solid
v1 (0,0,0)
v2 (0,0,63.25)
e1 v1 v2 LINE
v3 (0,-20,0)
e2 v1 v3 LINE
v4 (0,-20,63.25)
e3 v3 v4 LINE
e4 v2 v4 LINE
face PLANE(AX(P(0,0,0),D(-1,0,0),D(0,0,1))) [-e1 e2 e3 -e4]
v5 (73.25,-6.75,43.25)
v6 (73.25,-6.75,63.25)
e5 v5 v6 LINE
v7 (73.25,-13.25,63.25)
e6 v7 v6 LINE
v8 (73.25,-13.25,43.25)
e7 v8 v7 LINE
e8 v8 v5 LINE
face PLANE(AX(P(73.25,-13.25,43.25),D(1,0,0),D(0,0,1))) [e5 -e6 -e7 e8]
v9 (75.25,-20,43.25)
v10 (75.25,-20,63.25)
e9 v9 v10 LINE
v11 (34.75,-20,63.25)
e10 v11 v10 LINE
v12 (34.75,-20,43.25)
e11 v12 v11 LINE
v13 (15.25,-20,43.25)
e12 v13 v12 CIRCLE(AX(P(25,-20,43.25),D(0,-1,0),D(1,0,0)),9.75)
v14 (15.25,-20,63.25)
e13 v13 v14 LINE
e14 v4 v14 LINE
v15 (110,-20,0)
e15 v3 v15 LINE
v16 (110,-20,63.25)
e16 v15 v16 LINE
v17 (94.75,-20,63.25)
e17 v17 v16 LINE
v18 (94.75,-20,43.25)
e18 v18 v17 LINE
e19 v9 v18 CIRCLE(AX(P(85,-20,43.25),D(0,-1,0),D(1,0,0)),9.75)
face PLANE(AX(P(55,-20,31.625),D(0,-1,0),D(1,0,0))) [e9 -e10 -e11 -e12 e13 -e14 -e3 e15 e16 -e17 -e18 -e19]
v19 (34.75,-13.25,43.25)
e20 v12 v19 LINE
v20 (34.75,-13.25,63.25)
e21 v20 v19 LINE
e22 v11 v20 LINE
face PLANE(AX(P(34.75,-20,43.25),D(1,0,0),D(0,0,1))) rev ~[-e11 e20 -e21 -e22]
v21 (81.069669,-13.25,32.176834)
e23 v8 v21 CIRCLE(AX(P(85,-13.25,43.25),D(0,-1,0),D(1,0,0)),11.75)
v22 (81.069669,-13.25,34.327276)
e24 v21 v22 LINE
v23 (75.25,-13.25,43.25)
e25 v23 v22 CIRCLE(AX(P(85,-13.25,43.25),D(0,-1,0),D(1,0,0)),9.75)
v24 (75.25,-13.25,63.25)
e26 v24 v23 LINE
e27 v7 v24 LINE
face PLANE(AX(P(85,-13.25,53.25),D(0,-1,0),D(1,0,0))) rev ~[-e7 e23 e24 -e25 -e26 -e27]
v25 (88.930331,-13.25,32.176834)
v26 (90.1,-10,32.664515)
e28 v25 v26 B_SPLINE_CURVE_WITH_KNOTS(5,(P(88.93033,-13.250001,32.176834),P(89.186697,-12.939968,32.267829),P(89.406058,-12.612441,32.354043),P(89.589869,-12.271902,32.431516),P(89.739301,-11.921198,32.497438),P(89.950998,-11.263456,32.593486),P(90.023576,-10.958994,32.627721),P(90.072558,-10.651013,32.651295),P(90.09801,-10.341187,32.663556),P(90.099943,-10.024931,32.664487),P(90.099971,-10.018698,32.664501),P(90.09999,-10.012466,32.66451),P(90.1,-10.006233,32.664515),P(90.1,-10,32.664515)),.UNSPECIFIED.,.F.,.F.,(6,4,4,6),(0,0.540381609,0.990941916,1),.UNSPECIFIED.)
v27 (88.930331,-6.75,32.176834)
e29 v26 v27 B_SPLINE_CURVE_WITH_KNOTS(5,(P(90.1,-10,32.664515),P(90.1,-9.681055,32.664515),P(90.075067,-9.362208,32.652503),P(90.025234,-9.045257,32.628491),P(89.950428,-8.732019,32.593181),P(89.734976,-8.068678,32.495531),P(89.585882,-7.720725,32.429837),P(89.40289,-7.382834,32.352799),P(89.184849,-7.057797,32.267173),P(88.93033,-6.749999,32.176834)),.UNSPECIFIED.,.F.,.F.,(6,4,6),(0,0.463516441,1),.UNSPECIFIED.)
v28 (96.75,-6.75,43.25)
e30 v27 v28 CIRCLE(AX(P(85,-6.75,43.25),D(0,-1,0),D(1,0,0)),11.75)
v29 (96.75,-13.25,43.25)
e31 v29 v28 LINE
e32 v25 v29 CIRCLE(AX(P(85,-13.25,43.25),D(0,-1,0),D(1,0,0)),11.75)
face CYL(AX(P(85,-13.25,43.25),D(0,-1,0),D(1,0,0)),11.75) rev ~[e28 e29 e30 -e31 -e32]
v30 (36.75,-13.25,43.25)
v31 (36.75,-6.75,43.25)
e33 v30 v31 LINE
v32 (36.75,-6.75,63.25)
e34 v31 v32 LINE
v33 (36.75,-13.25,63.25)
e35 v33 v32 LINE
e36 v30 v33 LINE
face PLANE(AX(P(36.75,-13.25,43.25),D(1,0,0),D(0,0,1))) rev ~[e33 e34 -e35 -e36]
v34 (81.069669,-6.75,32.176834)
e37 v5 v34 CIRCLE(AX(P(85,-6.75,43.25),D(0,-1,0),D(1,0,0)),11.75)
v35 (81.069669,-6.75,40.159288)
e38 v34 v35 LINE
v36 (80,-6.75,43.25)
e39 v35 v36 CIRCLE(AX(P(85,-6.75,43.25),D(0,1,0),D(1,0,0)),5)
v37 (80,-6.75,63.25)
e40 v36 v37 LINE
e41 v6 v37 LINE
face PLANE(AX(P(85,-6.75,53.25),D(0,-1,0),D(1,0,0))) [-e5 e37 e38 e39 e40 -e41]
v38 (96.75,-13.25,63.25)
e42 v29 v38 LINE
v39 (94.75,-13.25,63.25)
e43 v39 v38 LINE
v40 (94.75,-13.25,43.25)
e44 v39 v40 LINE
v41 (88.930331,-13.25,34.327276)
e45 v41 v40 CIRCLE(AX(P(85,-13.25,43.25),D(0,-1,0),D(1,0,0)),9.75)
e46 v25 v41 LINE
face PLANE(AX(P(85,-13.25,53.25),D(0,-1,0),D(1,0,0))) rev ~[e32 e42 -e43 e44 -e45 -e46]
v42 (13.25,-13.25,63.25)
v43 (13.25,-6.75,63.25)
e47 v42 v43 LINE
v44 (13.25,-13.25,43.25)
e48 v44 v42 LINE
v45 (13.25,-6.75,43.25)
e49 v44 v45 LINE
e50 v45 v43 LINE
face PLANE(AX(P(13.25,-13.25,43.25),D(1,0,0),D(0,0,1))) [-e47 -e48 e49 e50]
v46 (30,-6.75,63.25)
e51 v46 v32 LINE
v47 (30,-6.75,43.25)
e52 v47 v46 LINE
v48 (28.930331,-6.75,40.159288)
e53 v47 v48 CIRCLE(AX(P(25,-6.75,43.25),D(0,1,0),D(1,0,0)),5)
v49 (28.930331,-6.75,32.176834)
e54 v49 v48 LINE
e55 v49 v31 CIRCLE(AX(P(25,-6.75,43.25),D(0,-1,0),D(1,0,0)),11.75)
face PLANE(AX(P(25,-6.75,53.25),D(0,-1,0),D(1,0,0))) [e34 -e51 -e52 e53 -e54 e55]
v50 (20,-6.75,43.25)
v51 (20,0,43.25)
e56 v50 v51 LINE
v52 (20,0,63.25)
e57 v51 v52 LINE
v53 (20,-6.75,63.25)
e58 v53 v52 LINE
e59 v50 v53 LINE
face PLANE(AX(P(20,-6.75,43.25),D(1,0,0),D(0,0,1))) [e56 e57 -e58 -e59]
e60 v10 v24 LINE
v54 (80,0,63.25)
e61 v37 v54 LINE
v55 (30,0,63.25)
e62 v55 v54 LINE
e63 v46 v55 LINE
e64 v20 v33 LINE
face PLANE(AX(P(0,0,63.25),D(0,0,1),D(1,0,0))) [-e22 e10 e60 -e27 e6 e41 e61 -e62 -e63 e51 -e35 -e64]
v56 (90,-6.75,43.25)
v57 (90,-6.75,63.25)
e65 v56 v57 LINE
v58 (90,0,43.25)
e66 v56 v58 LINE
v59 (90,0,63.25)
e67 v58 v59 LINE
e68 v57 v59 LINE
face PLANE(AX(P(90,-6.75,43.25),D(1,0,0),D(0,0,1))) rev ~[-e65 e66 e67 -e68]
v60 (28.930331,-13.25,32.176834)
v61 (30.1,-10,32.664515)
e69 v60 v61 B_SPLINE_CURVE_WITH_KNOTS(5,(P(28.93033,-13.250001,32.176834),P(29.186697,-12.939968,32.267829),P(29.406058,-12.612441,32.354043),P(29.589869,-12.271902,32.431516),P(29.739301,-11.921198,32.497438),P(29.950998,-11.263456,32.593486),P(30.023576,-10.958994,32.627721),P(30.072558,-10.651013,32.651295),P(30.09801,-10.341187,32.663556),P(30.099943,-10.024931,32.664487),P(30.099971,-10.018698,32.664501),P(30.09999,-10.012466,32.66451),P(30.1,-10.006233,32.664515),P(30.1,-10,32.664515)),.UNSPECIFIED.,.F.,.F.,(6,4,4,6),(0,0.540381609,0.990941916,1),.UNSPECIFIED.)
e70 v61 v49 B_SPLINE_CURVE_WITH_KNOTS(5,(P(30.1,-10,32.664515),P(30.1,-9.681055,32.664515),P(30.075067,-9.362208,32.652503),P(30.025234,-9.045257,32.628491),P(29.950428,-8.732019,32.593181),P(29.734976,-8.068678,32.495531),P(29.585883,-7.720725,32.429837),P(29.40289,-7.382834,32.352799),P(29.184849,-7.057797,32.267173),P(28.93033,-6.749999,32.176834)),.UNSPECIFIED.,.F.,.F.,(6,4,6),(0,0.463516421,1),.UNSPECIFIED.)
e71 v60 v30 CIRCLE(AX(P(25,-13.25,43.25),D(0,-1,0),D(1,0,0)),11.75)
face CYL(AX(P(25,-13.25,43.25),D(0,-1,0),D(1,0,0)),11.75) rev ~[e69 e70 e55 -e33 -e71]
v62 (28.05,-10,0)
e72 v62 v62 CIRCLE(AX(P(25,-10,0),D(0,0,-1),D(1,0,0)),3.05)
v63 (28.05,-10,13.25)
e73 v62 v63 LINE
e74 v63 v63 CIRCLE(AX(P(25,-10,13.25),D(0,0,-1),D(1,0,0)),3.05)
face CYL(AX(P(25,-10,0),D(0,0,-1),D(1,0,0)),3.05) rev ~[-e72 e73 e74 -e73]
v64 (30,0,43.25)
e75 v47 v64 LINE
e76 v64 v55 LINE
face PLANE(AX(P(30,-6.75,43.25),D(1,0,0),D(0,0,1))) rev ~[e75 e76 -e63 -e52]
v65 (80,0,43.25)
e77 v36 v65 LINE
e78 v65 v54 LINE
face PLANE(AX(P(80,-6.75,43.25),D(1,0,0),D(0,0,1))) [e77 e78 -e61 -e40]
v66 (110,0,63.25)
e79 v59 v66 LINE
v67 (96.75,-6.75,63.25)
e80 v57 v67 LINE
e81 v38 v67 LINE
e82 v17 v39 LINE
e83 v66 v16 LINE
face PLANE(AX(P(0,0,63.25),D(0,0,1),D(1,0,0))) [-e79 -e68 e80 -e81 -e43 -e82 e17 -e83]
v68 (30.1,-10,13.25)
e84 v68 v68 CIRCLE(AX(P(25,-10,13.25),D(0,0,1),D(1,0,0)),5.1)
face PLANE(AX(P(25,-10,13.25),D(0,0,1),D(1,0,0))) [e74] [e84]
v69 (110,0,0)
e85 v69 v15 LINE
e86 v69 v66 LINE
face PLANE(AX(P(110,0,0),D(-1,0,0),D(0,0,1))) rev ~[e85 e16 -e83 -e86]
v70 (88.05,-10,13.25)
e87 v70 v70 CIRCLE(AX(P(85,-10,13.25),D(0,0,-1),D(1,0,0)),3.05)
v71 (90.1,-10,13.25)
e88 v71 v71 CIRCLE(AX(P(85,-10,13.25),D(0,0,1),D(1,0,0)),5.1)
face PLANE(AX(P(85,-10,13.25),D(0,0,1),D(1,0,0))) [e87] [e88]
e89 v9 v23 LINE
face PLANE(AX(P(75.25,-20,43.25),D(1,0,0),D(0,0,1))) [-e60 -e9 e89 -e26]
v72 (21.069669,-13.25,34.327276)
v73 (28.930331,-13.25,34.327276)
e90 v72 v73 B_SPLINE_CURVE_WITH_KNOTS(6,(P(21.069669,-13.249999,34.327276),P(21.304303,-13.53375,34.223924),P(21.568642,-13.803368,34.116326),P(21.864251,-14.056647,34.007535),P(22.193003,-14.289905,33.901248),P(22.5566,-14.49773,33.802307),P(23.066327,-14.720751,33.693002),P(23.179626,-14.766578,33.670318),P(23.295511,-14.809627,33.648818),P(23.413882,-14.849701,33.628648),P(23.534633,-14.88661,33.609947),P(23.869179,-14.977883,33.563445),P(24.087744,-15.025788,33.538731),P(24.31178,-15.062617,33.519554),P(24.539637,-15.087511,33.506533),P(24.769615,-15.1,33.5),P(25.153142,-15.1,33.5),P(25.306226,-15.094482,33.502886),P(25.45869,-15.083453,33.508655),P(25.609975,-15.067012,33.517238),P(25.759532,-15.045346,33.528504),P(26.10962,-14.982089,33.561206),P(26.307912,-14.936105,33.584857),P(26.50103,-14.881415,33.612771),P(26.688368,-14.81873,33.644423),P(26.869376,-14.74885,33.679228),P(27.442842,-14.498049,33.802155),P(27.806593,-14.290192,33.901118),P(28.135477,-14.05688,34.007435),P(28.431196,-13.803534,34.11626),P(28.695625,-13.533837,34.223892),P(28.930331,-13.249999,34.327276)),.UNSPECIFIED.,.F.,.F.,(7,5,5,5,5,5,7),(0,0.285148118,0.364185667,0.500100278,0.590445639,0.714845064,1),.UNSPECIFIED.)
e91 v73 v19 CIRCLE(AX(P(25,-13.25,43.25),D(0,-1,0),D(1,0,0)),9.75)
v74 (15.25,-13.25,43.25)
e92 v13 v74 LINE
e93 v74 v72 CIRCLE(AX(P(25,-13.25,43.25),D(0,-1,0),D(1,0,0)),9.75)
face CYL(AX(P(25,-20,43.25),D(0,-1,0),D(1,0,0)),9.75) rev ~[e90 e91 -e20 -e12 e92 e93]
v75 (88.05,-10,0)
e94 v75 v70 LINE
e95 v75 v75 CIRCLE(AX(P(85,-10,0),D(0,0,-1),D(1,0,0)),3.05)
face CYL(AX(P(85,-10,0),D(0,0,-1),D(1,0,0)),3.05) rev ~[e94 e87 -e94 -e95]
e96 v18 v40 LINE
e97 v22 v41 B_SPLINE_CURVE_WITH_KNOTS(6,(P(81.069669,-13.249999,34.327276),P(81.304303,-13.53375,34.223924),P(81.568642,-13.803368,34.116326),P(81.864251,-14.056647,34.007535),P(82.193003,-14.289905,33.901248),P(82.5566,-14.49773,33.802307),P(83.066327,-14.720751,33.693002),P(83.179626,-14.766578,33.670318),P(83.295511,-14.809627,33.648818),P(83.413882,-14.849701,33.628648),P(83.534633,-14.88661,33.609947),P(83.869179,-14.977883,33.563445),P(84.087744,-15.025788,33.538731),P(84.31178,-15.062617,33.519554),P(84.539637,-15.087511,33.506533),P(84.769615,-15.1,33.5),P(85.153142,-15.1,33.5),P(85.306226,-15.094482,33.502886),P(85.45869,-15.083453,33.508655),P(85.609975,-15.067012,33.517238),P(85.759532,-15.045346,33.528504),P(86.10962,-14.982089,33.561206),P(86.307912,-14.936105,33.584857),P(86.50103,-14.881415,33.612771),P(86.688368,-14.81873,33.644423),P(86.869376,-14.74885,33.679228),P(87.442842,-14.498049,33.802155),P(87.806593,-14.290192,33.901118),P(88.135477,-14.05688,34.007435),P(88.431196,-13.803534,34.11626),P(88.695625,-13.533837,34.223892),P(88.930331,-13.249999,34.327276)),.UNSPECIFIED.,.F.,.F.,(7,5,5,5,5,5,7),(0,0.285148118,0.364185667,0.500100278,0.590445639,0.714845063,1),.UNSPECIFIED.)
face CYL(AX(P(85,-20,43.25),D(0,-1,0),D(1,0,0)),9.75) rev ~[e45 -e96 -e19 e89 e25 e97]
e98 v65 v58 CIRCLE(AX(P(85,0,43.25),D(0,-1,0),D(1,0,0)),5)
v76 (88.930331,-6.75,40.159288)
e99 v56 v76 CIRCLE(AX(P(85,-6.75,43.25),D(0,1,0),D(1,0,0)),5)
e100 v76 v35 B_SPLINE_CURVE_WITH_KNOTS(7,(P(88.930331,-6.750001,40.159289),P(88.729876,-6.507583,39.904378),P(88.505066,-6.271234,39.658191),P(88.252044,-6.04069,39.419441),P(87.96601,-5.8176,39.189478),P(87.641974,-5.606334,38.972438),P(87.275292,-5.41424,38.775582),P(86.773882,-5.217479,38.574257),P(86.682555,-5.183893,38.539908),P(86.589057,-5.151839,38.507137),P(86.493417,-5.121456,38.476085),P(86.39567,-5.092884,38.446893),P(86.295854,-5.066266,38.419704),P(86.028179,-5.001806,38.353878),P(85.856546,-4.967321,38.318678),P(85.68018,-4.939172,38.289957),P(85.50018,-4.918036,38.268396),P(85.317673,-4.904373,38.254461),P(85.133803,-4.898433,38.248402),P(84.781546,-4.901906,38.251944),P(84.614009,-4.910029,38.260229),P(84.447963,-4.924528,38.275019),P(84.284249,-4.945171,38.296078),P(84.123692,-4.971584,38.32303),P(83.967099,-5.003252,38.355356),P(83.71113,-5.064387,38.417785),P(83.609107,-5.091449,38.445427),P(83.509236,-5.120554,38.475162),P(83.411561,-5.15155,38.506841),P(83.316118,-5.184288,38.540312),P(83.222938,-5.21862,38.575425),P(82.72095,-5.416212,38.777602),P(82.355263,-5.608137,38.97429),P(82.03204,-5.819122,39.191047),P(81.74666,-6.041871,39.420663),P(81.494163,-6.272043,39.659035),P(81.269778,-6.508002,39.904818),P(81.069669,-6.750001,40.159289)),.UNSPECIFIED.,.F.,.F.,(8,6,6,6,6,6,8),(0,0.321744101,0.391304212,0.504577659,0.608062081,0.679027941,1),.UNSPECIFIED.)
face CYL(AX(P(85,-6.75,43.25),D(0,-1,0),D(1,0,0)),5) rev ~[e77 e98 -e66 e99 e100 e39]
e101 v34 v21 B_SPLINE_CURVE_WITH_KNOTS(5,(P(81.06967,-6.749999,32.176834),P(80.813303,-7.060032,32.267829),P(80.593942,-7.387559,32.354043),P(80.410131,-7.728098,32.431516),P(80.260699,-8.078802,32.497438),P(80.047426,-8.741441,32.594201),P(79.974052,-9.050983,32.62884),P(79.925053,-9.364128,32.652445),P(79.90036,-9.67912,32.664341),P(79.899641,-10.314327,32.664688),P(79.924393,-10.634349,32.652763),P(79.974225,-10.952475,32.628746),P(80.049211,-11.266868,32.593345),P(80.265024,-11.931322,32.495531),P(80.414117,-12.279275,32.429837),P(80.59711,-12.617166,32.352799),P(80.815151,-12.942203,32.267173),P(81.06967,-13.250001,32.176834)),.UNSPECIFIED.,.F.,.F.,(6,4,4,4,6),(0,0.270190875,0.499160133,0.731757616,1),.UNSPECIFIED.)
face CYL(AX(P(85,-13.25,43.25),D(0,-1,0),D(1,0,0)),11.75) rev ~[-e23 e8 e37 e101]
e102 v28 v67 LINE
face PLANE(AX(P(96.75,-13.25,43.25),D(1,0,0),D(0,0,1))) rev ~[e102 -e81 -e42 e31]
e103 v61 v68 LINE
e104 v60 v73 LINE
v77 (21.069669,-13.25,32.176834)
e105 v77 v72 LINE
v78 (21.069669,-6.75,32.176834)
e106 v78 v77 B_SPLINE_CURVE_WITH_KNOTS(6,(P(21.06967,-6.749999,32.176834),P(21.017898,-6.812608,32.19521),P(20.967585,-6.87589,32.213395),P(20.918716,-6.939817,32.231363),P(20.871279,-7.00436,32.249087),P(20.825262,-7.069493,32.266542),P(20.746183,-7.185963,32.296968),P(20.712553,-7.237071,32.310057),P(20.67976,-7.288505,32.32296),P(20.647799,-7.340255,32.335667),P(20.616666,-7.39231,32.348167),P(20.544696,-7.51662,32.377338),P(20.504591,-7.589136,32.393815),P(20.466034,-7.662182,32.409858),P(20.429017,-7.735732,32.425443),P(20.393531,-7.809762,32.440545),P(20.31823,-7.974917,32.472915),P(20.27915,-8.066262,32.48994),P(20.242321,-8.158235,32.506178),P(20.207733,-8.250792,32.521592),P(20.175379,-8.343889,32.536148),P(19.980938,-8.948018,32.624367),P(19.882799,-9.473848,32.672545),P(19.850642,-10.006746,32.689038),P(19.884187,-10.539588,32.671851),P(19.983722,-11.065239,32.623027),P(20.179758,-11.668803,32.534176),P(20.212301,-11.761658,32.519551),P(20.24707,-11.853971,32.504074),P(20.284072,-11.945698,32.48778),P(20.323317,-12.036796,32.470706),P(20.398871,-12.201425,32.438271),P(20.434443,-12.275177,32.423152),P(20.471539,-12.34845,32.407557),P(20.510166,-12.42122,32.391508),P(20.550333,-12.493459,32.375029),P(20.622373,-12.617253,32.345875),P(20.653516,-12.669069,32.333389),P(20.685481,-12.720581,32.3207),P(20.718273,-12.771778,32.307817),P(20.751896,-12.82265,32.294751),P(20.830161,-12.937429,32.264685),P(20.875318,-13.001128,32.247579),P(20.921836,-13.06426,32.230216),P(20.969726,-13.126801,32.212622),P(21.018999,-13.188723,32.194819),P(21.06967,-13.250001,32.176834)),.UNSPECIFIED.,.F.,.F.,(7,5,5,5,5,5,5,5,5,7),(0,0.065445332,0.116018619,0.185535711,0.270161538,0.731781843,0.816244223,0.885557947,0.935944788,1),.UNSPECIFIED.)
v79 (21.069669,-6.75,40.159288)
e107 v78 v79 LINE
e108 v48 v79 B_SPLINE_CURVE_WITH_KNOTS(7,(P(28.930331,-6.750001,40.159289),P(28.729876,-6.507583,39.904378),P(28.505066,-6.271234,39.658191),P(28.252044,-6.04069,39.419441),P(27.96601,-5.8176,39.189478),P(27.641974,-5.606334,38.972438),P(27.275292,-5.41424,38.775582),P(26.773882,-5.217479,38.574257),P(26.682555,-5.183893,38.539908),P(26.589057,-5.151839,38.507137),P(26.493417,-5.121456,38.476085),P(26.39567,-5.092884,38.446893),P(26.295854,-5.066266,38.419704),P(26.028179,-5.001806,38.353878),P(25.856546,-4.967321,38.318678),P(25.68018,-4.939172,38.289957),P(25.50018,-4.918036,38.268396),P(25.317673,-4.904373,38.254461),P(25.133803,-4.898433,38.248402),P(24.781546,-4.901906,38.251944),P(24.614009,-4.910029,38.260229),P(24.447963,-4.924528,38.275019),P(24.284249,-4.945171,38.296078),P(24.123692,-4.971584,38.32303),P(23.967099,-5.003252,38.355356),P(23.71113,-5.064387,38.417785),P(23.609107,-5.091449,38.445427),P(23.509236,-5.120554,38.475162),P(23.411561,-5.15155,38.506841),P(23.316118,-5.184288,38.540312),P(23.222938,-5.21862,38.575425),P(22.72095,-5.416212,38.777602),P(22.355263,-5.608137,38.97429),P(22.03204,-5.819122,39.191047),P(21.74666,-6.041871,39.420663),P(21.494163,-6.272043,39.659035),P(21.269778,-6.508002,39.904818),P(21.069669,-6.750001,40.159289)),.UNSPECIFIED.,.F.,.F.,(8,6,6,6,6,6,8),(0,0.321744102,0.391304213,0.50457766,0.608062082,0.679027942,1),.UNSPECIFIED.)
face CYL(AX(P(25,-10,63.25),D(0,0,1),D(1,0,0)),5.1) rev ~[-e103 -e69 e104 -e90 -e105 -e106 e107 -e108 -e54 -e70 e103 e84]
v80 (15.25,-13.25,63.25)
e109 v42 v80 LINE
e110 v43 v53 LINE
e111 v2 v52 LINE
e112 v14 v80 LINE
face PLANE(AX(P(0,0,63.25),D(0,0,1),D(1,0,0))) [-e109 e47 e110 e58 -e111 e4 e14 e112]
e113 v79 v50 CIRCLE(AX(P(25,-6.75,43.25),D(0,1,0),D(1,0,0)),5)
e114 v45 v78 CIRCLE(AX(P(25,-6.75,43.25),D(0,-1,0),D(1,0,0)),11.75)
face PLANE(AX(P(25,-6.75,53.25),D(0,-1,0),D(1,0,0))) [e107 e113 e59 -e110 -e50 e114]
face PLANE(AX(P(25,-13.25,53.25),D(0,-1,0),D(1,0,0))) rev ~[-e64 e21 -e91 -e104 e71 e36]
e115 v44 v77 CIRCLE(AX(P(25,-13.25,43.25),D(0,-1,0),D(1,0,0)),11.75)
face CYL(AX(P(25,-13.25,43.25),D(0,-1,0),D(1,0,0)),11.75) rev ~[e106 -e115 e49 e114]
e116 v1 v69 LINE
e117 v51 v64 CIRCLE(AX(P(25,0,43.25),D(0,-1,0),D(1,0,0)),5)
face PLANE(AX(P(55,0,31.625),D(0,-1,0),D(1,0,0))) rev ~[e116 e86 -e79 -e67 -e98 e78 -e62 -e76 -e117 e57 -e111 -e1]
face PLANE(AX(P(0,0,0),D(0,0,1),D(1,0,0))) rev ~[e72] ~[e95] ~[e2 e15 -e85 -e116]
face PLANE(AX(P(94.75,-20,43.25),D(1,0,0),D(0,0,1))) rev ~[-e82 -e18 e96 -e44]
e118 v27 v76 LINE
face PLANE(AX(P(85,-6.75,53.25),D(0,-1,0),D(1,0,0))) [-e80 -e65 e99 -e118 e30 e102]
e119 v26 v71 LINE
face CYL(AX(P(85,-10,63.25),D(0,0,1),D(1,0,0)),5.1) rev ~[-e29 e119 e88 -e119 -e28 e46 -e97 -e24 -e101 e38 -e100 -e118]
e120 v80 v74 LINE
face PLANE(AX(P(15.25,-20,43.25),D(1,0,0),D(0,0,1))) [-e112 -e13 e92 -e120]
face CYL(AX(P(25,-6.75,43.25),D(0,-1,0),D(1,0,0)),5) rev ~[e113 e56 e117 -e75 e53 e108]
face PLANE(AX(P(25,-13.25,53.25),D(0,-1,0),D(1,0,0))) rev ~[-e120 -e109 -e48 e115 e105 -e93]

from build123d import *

# Parameters (mm, degrees)
F0_W      = 110
F0_H      = 63.25
F1_DEPTH  = 20
F2_R      = 9.75
F3_DEPTH  = 6.75
F4_R      = 11.75
F5_DEPTH  = 6.5
F6_R      = 5
F7_DEPTH  = 6.75
F8_W      = 19.5
F8_H      = 20
F9_DEPTH  = 6.75
F10_W     = 23.5
F10_H     = 20
F11_DEPTH = 6.5
F12_W     = 10
F12_H     = 20
F13_DEPTH = 6.75
F14_R     = 5.1
F15_DEPTH = 50
F16_R     = 3.05
F17_DEPTH = 13.25


with BuildPart() as f1:
    # F0 (on Front) → F1 (new body)
    with BuildSketch(Plane.XZ):
        with Locations((55, 31.625)):
            Rectangle(F0_W, F0_H)
    extrude(amount=F1_DEPTH)

    # F2 (on face) → F3 (cut)
    with BuildSketch(Plane.XZ.offset(20)):
        with Locations((25, 43.25)):
            Circle(F2_R)
        with Locations((85, 43.25)):
            Circle(F2_R)
    extrude(amount=-F3_DEPTH, mode=Mode.SUBTRACT)

    # F4 (on face) → F5 (cut)
    with BuildSketch(Plane.XZ.offset(13.25)):
        with Locations((25, 43.25)):
            Circle(F4_R)
        with Locations((85, 43.25)):
            Circle(F4_R)
    extrude(amount=-F5_DEPTH, mode=Mode.SUBTRACT)

    # F6 (on face) → F7 (cut, through all)
    with BuildSketch(Plane.XZ.offset(6.75)):
        with Locations((25, 43.25)):
            Circle(F6_R)
        with Locations((85, 43.25)):
            Circle(F6_R)
    extrude(amount=-F7_DEPTH, mode=Mode.SUBTRACT)

    # F8 (on face) + F6 (on face) → F9 (cut)
    with BuildSketch(Plane.XZ.offset(20)):
        with Locations((25, 53.25)):
            Rectangle(F8_W, F8_H)
        with Locations((85, 53.25)):
            Rectangle(F8_W, F8_H)
    with BuildSketch(Plane.XZ.offset(6.75)):
        with Locations((25, 43.25)):
            Circle(F6_R)
        with Locations((85, 43.25)):
            Circle(F6_R)
    extrude(amount=-F9_DEPTH, mode=Mode.SUBTRACT)

    # F10 (on face) → F11 (cut)
    with BuildSketch(Plane.XZ.offset(13.25)):
        with Locations((25, 53.25)):
            Rectangle(F10_W, F10_H)
        with Locations((85, 53.25)):
            Rectangle(F10_W, F10_H)
    extrude(amount=-F11_DEPTH, mode=Mode.SUBTRACT)

    # F12 (on face) → F13 (cut, through all)
    with BuildSketch(Plane.XZ.offset(6.75)):
        with Locations((25, 53.25)):
            Rectangle(F12_W, F12_H)
        with Locations((85, 53.25)):
            Rectangle(F12_W, F12_H)
    extrude(amount=-F13_DEPTH, mode=Mode.SUBTRACT)

    # F14 (on face) → F15 (cut)
    with BuildSketch(Plane.XY.offset(63.25)):
        with Locations((25, -10)):
            Circle(F14_R)
        with Locations((85, -10)):
            Circle(F14_R)
    extrude(amount=-F15_DEPTH, mode=Mode.SUBTRACT)

    # F16 (on face) → F17 (cut, through all)
    with BuildSketch(Plane(origin=(0, 0, 0), x_dir=(1, 0, 0), z_dir=(0, 0, -1))):
        with Locations((25, 10)):
            Circle(F16_R)
        with Locations((85, 10)):
            Circle(F16_R)
    extrude(amount=-F17_DEPTH, mode=Mode.SUBTRACT)


solid = f1.part
